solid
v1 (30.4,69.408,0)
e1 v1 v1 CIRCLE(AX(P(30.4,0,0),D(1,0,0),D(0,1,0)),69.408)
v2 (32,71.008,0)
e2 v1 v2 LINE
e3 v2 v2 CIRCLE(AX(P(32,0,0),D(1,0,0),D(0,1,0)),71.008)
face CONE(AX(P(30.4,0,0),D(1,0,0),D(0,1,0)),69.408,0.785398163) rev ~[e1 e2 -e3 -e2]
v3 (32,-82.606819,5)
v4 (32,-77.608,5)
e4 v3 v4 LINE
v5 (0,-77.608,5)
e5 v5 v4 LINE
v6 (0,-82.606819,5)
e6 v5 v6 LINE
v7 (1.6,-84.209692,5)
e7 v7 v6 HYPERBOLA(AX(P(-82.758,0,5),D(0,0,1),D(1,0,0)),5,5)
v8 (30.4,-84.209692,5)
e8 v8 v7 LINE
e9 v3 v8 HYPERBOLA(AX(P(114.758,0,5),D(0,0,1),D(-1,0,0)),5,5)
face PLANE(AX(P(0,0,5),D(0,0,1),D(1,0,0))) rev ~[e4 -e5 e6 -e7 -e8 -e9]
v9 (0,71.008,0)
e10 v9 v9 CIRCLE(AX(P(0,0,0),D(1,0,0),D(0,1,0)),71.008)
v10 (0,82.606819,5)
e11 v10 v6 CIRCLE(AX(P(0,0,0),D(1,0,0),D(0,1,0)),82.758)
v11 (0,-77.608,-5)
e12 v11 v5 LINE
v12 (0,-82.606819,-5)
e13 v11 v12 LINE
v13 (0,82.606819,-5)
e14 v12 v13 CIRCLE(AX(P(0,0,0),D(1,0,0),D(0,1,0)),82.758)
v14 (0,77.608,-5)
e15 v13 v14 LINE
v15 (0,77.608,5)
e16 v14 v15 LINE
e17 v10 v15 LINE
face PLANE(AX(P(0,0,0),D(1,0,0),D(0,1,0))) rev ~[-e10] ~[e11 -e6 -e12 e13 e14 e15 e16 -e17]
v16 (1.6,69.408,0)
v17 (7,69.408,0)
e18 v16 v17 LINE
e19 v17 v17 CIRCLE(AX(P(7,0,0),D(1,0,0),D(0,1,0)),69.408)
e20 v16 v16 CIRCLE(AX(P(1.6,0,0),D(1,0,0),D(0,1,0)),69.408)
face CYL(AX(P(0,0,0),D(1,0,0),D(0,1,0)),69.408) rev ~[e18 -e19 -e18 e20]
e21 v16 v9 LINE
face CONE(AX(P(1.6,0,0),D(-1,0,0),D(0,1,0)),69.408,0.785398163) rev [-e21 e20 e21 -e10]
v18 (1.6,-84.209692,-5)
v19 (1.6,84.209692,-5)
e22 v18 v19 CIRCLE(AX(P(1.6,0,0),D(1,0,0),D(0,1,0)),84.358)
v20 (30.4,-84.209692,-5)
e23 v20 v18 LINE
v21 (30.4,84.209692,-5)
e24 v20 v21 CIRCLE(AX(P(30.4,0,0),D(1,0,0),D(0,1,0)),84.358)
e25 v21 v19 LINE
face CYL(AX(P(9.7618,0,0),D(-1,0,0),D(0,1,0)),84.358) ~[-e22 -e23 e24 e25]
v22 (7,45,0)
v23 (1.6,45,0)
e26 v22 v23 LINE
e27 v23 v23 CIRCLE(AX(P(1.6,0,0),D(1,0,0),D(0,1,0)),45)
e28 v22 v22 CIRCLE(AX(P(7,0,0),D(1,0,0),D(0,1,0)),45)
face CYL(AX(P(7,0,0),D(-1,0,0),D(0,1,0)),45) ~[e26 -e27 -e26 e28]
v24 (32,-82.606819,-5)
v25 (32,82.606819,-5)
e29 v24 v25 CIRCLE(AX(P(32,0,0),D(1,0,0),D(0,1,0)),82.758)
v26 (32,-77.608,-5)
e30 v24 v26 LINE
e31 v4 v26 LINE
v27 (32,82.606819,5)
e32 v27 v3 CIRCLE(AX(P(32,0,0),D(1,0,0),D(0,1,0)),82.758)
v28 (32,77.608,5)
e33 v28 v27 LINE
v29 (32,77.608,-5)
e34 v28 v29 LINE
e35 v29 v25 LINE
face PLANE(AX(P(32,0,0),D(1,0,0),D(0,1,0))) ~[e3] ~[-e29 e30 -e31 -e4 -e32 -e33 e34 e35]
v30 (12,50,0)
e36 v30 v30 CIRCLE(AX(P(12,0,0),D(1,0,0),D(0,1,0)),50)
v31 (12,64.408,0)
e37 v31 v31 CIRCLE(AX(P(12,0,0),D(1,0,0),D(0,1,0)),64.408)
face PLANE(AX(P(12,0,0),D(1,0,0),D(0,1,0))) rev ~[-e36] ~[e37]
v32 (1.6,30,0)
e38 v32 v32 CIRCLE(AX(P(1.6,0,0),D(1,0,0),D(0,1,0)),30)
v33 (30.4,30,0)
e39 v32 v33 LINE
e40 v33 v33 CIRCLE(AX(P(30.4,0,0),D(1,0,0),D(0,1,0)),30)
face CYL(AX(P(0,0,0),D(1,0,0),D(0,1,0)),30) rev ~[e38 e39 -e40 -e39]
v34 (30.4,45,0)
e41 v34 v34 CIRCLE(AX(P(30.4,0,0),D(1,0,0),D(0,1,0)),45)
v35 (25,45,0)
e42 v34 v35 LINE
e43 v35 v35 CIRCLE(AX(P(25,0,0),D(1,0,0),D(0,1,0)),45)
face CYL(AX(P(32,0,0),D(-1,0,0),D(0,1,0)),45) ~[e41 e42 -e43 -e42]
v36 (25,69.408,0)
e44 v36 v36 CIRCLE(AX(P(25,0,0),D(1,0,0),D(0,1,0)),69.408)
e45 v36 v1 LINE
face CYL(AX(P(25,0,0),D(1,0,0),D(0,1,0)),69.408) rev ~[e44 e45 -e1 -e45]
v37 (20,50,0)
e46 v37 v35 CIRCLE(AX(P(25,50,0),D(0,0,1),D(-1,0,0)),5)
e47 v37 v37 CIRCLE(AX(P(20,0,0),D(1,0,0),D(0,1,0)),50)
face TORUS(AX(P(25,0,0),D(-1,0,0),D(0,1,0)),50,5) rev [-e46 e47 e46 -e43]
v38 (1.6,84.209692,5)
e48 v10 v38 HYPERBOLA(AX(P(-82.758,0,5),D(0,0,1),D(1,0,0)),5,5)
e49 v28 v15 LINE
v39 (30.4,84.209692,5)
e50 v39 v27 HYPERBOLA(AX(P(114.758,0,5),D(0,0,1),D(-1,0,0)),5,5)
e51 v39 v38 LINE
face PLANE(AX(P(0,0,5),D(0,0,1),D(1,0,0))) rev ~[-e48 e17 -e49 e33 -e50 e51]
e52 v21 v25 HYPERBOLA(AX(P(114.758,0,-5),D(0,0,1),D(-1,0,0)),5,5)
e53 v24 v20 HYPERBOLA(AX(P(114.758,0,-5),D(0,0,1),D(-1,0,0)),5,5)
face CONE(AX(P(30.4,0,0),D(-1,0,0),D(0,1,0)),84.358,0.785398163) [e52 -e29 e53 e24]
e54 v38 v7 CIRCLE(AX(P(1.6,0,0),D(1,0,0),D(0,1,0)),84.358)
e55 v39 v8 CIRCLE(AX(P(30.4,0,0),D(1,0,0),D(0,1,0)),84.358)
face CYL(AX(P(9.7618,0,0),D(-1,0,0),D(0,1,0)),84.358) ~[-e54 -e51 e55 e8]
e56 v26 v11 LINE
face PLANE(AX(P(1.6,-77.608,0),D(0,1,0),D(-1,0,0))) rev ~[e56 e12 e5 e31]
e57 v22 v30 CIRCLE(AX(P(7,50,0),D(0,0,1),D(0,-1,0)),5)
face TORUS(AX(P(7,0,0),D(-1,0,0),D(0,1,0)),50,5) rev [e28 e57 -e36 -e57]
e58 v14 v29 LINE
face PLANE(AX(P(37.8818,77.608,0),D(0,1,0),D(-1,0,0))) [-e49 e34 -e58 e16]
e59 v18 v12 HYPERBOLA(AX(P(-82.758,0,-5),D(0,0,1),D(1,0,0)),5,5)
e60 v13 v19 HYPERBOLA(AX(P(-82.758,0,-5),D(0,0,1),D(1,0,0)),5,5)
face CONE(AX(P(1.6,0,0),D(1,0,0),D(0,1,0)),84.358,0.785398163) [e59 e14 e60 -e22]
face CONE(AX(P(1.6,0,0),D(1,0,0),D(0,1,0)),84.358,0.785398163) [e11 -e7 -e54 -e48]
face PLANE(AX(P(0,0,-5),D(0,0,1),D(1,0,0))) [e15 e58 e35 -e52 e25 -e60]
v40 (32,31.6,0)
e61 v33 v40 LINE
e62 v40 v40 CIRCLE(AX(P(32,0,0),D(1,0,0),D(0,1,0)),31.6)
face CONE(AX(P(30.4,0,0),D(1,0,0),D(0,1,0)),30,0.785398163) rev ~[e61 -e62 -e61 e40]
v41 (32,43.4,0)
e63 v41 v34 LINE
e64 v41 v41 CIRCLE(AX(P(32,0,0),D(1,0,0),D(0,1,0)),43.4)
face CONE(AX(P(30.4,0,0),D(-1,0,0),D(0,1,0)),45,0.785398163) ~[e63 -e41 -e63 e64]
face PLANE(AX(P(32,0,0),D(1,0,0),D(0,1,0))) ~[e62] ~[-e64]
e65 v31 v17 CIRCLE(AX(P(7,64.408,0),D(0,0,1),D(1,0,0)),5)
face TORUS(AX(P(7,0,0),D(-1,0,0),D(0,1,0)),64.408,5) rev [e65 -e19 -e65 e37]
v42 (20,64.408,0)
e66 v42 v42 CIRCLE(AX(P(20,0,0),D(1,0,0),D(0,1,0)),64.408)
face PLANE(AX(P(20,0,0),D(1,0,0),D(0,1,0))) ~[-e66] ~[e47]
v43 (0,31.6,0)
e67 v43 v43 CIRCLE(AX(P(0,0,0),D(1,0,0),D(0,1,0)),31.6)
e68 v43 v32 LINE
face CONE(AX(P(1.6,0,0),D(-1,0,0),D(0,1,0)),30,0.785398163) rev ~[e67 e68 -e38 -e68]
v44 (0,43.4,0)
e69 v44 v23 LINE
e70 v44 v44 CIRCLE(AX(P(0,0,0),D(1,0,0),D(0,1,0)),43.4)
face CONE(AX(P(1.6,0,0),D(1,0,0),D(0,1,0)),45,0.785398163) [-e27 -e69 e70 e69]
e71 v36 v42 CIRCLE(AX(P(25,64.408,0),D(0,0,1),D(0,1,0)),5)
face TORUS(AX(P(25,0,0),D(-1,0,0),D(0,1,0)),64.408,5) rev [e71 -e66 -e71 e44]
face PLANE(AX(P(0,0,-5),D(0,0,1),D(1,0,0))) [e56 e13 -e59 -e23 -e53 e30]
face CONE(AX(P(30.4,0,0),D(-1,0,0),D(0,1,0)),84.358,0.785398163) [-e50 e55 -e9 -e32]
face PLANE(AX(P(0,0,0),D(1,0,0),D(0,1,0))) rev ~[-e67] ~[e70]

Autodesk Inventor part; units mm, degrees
ref_plane "YZ Plane" through (0, 0, 0) normal (1, 0, 0) x (0, 1, 0)
ref_plane "XZ Plane" through (0, 0, 0) normal (0, 1, 0) x (-1, 0, 0)
ref_plane "XY Plane" through (0, 0, 0) normal (0, 0, 1) x (1, 0, 0)
sketch "Эскиз1" plane through (0, 0, 0) normal (0, 0, 1) x (1, 0, 0)
  line L0 (0, 0) -> (28.5418, 0) construction
  line L1 (0, 30) -> (32, 30)
  line L2 (32, 30) -> (32, 45)
  line L3 (32, 45) -> (25, 45)
  line L4 (20, 50) -> (20, 64.408)
  line L5 (25, 69.408) -> (32, 69.408)
  line L6 (32, 69.408) -> (32, 84.358)
  line L7 (32, 84.358) -> (9.7618, 84.358)
  line L8 (9.7618, 84.358) -> (0, 84.358)
  line L9 (0, 84.358) -> (0, 69.408)
  line L10 (0, 69.408) -> (7, 69.408)
  line L11 (12, 64.408) -> (12, 50)
  line L12 (7, 45) -> (0, 45)
  line L13 (0, 45) -> (0, 30)
  arc A0 (7, 45) -> (12, 50) centre (7, 50) ccw
  arc A1 (12, 64.408) -> (7, 69.408) centre (7, 64.408) ccw
  arc A2 (25, 69.408) -> (20, 64.408) centre (25, 64.408) ccw
  arc A3 (20, 50) -> (25, 45) centre (25, 50) ccw
  line L14 (-7.6009, 77.608) -> (48.6633, 77.608)
  point P0 (11, 45)
  point P1 (12, 46)
  point P2 (21, 45)
  point P3 (20, 46)
  point P4 (12, 75.15)
  point P5 (11, 69.408)
  point P6 (21, 69.408)
  point P7 (20, 75.15)
  dimension "d0" = 32
  dimension "d3" = 32
  dimension "d7" = 60
  dimension "d8" = 168.716
  dimension "d11" = 90
  dimension "d13" = 90
  dimension "d15" = 8
  dimension "d16" = 12
  dimension "d23" = 5
  dimension "d24" = 155.216
  dimension "d25" = 8.2
  dimension "d26" = 8.2
revolve "Вращение1" add sketch "Эскиз1" angle 360 about axis through (0, 0, 0) along (1, 0, 0)
chamfer "Фаска1" distance 1.6 angle 45 8 edges at (0, -84.358, 0) (0, -69.408, 0) (32, -84.358, 0) (32, -69.408, 0) (32, -30, 0) (0, -30, 0) (32, -45, 0) (0, -45, 0)
sketch "Эскиз3" plane through (0, 0, 0) normal (0, 0, 1) x (1, 0, 0)
  line L0 (1.6, 84.358) -> (30.4, 84.358) projected
  line L1 (7, 69.408) -> (1.6, 69.408) projected
  line L2 (0, -82.758) -> (0, 82.758) projected
  line L3 (32, 82.758) -> (32, -82.758) projected
  line L4 (1.6, 84.358) -> (37.8818, 84.358)
  line L5 (37.8818, 84.358) -> (37.8818, 77.608)
  line L6 (37.8818, 77.608) -> (1.6, 77.608)
  line L7 (1.6, 77.608) -> (-1.0807, 77.608)
  line L8 (-1.0807, 77.608) -> (-1.0807, 84.358)
  line L9 (-1.0807, 84.358) -> (2.0712, 84.358)
  line L10 (0, 0) -> (69.5045, 0)
  line L11 (1.6, -84.358) -> (30.4, -84.358)
  line L12 (7, -69.408) -> (1.6, -69.408)
  line L13 (1.6, -84.358) -> (37.8818, -84.358)
  line L14 (37.8818, -84.358) -> (37.8818, -77.608)
  line L15 (37.8818, -77.608) -> (1.6, -77.608)
  line L16 (1.6, -77.608) -> (-1.0807, -77.608)
  line L17 (-1.0807, -77.608) -> (-1.0807, -84.358)
  line L18 (-1.0807, -84.358) -> (2.0712, -84.358)
  dimension "d20" = 77.608
extrude "Выдавливание1" cut sketch "Эскиз3" against normal mid plane 10 contours L0 L4 L5 L6 L7 L8 L9 | L16 L15 L14 L13 L11 L18 L17
equation "\"d16\" = -0.5 * d15 + 0.5 * d0"
properties part number "Тихоходное колесо"
